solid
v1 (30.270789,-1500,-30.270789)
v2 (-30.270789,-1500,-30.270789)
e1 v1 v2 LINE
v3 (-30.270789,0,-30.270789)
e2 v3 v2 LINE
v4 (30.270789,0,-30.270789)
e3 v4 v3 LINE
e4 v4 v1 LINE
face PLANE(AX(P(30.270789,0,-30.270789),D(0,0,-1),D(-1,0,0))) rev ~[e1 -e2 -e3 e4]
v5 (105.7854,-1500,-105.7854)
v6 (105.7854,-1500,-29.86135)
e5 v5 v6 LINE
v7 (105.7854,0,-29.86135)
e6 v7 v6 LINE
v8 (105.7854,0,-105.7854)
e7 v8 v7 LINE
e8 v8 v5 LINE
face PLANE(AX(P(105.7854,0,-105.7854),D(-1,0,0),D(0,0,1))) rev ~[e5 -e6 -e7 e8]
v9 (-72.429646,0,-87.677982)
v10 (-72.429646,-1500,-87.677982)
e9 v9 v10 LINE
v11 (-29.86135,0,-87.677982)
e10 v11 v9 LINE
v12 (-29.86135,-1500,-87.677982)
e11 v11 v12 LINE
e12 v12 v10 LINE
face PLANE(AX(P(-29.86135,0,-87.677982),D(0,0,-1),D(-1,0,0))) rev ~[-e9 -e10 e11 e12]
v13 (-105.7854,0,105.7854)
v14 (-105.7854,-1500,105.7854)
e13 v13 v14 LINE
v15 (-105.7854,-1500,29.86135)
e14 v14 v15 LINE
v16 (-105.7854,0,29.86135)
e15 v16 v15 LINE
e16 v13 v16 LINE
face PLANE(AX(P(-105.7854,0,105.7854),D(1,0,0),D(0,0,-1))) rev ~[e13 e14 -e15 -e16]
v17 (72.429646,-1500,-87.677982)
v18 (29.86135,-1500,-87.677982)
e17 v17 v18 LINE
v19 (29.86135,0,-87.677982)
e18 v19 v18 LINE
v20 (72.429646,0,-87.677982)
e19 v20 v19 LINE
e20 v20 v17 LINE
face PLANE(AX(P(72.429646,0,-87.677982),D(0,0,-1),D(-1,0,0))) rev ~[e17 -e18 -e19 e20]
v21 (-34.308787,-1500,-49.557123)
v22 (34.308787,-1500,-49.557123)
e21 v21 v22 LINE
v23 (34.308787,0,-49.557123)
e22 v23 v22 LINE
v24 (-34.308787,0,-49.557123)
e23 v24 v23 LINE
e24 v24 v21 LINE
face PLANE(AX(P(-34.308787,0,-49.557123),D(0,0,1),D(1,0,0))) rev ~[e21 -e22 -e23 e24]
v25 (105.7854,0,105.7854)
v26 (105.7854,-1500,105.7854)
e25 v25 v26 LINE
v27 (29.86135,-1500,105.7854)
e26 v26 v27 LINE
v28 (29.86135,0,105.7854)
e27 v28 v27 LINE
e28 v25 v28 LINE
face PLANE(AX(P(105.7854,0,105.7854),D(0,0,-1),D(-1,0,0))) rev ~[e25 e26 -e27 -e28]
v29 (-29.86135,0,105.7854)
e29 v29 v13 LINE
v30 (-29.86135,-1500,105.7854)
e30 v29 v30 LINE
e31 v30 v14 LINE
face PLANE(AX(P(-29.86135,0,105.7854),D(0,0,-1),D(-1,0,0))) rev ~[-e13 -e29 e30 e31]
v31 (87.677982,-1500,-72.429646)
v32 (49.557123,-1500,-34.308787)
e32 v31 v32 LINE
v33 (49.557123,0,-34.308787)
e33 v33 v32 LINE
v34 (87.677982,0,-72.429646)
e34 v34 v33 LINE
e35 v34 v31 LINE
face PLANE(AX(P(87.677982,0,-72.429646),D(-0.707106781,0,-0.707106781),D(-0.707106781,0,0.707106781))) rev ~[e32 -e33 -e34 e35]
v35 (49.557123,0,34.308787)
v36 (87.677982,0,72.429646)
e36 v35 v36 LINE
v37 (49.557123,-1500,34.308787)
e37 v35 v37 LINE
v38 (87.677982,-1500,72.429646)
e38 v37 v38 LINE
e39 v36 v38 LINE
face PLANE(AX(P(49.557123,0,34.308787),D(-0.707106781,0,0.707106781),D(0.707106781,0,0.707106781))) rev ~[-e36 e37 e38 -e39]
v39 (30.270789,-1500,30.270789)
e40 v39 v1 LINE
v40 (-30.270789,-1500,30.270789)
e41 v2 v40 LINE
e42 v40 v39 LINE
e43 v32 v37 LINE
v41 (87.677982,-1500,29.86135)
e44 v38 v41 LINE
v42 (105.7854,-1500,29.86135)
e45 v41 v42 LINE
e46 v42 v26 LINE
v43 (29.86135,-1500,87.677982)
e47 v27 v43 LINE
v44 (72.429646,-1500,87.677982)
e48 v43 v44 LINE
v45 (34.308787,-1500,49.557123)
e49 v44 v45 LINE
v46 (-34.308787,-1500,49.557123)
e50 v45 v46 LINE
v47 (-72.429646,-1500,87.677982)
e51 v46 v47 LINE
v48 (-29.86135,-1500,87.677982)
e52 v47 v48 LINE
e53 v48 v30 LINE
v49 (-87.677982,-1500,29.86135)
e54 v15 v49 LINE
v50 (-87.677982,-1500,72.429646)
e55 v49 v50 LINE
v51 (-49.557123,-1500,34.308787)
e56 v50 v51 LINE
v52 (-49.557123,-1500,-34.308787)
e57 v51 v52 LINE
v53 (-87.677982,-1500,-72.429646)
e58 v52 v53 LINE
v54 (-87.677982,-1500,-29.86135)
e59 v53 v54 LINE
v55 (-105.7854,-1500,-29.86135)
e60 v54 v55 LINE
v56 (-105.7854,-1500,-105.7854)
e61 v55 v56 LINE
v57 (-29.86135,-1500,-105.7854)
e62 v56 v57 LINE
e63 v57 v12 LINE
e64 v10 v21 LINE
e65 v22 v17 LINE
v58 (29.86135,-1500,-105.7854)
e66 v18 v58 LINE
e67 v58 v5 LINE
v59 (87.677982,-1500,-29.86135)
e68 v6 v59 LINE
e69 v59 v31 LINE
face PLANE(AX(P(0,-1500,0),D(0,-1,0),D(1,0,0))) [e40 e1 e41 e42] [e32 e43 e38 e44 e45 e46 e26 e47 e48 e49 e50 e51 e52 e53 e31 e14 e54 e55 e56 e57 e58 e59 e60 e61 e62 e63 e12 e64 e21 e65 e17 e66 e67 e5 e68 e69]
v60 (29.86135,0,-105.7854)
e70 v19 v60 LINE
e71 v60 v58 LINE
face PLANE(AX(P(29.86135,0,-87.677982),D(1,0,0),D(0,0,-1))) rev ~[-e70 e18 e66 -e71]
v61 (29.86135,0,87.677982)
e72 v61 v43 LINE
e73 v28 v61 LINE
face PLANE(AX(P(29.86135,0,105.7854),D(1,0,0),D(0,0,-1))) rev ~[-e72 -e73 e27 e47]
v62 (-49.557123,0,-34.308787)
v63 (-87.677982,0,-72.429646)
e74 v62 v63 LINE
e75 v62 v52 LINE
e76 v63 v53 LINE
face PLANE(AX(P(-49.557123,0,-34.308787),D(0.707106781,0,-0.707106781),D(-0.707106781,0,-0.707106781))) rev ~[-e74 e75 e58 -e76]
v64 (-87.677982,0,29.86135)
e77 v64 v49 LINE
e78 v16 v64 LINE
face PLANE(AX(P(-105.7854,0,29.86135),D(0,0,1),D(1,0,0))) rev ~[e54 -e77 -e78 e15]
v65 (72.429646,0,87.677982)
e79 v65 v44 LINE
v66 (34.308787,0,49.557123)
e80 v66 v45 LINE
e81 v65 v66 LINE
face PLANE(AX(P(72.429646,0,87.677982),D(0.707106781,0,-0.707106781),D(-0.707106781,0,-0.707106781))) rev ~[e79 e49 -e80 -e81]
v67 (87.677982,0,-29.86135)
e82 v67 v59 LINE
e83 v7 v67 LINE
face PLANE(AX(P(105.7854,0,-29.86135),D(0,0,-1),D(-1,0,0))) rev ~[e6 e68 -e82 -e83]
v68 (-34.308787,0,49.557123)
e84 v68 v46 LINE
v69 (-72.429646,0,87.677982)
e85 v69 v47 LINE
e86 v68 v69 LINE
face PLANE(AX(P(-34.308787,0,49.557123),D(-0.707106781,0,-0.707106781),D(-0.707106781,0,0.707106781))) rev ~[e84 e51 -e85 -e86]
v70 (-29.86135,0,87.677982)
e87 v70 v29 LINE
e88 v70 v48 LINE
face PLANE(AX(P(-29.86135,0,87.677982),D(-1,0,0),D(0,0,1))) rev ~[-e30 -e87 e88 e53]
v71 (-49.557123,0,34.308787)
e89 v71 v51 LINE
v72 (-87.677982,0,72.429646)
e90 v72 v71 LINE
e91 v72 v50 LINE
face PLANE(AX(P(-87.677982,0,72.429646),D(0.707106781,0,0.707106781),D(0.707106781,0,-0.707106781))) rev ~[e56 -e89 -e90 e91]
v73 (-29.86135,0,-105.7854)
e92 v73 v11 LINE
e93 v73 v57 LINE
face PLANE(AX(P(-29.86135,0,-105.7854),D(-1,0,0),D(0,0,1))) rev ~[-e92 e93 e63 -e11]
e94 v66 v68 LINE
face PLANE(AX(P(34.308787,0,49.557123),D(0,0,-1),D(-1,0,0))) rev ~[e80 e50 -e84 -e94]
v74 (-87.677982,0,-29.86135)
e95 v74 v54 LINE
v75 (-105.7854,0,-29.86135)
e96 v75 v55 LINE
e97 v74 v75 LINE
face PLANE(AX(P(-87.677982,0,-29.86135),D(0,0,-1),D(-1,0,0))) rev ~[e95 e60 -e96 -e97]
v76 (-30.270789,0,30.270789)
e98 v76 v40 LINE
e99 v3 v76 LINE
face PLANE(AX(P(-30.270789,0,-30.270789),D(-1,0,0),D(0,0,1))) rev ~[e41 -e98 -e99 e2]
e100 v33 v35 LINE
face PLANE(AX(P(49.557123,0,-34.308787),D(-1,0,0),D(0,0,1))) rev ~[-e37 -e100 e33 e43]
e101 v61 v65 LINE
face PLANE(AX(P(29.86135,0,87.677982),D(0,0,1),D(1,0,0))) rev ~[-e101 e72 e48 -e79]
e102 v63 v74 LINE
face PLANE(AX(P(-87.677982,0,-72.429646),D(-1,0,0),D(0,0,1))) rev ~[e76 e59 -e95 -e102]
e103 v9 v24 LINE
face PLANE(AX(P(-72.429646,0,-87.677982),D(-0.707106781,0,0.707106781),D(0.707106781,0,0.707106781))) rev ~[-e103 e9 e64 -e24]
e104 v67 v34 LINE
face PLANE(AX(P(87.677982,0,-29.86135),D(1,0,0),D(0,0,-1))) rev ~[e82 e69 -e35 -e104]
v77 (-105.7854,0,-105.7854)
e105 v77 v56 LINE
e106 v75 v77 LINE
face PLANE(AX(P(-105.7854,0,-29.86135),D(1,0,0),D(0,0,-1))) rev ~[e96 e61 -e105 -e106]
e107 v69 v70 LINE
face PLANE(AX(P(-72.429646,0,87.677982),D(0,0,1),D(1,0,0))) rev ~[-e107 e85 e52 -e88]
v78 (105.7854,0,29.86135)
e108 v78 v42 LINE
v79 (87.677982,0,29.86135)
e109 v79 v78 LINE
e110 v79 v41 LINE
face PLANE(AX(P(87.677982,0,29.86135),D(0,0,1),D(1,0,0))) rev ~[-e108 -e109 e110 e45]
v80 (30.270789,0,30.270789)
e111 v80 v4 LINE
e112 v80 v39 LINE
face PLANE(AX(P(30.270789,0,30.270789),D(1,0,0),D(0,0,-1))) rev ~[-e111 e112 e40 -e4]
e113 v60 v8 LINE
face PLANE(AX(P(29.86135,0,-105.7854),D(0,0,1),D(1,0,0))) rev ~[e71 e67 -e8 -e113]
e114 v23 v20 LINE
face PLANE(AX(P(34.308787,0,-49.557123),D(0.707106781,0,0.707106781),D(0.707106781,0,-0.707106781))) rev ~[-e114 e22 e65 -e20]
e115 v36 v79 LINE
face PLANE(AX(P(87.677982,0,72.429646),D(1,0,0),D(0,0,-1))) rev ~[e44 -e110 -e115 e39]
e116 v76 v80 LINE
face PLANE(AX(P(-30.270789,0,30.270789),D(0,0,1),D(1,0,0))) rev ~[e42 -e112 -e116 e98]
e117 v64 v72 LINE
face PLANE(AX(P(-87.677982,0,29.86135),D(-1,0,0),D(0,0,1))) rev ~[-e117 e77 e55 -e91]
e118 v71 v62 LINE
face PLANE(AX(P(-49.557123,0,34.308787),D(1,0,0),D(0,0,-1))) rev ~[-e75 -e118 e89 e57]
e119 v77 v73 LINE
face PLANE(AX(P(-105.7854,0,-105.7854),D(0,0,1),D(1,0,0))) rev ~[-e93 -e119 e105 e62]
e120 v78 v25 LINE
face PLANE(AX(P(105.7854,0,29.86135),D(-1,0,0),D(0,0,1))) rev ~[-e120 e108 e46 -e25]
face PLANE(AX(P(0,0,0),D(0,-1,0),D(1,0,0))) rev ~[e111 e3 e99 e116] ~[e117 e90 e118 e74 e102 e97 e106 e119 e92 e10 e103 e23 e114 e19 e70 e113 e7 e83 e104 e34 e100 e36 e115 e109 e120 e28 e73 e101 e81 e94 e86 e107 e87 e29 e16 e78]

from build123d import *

# Parameters (mm, degrees)
F1_DEPTH = 1500


with BuildPart() as f1:
    # F0 (on Front) → F1 (new body)
    with BuildSketch(Plane.XZ):
        Polygon((34.308787, 49.557123), (0, 49.557123), (-34.308787, 49.557123), (-72.429646, 87.677982), (-29.86135, 87.677982), (-29.86135, 105.7854), (-105.7854, 105.7854), (-105.7854, 29.86135), (-87.677982, 29.86135), (-87.677982, 72.429646), (-49.557123, 34.308787), (-49.557123, 0), (-49.557123, -34.308787), (-87.677982, -72.429646), (-87.677982, -29.86135), (-105.7854, -29.86135), (-105.7854, -105.7854), (-29.86135, -105.7854), (-29.86135, -87.677982), (-72.429646, -87.677982), (-34.308787, -49.557123), (0, -49.557123), (34.308787, -49.557123), (72.429646, -87.677982), (29.86135, -87.677982), (29.86135, -105.7854), (105.7854, -105.7854), (105.7854, -29.86135), (87.677982, -29.86135), (87.677982, -72.429646), (49.557123, -34.308787), (49.557123, 0), (49.557123, 34.308787), (87.677982, 72.429646), (87.677982, 29.86135), (105.7854, 29.86135), (105.7854, 105.7854), (29.86135, 105.7854), (29.86135, 87.677982), (72.429646, 87.677982), align=None)
        Polygon((-30.270789, 30.270789), (0, 30.270789), (30.270789, 30.270789), (30.270789, 0), (30.270789, -30.270789), (0, -30.270789), (-30.270789, -30.270789), (-30.270789, 0), align=None, mode=Mode.SUBTRACT)
    extrude(amount=F1_DEPTH)


solid = f1.part
